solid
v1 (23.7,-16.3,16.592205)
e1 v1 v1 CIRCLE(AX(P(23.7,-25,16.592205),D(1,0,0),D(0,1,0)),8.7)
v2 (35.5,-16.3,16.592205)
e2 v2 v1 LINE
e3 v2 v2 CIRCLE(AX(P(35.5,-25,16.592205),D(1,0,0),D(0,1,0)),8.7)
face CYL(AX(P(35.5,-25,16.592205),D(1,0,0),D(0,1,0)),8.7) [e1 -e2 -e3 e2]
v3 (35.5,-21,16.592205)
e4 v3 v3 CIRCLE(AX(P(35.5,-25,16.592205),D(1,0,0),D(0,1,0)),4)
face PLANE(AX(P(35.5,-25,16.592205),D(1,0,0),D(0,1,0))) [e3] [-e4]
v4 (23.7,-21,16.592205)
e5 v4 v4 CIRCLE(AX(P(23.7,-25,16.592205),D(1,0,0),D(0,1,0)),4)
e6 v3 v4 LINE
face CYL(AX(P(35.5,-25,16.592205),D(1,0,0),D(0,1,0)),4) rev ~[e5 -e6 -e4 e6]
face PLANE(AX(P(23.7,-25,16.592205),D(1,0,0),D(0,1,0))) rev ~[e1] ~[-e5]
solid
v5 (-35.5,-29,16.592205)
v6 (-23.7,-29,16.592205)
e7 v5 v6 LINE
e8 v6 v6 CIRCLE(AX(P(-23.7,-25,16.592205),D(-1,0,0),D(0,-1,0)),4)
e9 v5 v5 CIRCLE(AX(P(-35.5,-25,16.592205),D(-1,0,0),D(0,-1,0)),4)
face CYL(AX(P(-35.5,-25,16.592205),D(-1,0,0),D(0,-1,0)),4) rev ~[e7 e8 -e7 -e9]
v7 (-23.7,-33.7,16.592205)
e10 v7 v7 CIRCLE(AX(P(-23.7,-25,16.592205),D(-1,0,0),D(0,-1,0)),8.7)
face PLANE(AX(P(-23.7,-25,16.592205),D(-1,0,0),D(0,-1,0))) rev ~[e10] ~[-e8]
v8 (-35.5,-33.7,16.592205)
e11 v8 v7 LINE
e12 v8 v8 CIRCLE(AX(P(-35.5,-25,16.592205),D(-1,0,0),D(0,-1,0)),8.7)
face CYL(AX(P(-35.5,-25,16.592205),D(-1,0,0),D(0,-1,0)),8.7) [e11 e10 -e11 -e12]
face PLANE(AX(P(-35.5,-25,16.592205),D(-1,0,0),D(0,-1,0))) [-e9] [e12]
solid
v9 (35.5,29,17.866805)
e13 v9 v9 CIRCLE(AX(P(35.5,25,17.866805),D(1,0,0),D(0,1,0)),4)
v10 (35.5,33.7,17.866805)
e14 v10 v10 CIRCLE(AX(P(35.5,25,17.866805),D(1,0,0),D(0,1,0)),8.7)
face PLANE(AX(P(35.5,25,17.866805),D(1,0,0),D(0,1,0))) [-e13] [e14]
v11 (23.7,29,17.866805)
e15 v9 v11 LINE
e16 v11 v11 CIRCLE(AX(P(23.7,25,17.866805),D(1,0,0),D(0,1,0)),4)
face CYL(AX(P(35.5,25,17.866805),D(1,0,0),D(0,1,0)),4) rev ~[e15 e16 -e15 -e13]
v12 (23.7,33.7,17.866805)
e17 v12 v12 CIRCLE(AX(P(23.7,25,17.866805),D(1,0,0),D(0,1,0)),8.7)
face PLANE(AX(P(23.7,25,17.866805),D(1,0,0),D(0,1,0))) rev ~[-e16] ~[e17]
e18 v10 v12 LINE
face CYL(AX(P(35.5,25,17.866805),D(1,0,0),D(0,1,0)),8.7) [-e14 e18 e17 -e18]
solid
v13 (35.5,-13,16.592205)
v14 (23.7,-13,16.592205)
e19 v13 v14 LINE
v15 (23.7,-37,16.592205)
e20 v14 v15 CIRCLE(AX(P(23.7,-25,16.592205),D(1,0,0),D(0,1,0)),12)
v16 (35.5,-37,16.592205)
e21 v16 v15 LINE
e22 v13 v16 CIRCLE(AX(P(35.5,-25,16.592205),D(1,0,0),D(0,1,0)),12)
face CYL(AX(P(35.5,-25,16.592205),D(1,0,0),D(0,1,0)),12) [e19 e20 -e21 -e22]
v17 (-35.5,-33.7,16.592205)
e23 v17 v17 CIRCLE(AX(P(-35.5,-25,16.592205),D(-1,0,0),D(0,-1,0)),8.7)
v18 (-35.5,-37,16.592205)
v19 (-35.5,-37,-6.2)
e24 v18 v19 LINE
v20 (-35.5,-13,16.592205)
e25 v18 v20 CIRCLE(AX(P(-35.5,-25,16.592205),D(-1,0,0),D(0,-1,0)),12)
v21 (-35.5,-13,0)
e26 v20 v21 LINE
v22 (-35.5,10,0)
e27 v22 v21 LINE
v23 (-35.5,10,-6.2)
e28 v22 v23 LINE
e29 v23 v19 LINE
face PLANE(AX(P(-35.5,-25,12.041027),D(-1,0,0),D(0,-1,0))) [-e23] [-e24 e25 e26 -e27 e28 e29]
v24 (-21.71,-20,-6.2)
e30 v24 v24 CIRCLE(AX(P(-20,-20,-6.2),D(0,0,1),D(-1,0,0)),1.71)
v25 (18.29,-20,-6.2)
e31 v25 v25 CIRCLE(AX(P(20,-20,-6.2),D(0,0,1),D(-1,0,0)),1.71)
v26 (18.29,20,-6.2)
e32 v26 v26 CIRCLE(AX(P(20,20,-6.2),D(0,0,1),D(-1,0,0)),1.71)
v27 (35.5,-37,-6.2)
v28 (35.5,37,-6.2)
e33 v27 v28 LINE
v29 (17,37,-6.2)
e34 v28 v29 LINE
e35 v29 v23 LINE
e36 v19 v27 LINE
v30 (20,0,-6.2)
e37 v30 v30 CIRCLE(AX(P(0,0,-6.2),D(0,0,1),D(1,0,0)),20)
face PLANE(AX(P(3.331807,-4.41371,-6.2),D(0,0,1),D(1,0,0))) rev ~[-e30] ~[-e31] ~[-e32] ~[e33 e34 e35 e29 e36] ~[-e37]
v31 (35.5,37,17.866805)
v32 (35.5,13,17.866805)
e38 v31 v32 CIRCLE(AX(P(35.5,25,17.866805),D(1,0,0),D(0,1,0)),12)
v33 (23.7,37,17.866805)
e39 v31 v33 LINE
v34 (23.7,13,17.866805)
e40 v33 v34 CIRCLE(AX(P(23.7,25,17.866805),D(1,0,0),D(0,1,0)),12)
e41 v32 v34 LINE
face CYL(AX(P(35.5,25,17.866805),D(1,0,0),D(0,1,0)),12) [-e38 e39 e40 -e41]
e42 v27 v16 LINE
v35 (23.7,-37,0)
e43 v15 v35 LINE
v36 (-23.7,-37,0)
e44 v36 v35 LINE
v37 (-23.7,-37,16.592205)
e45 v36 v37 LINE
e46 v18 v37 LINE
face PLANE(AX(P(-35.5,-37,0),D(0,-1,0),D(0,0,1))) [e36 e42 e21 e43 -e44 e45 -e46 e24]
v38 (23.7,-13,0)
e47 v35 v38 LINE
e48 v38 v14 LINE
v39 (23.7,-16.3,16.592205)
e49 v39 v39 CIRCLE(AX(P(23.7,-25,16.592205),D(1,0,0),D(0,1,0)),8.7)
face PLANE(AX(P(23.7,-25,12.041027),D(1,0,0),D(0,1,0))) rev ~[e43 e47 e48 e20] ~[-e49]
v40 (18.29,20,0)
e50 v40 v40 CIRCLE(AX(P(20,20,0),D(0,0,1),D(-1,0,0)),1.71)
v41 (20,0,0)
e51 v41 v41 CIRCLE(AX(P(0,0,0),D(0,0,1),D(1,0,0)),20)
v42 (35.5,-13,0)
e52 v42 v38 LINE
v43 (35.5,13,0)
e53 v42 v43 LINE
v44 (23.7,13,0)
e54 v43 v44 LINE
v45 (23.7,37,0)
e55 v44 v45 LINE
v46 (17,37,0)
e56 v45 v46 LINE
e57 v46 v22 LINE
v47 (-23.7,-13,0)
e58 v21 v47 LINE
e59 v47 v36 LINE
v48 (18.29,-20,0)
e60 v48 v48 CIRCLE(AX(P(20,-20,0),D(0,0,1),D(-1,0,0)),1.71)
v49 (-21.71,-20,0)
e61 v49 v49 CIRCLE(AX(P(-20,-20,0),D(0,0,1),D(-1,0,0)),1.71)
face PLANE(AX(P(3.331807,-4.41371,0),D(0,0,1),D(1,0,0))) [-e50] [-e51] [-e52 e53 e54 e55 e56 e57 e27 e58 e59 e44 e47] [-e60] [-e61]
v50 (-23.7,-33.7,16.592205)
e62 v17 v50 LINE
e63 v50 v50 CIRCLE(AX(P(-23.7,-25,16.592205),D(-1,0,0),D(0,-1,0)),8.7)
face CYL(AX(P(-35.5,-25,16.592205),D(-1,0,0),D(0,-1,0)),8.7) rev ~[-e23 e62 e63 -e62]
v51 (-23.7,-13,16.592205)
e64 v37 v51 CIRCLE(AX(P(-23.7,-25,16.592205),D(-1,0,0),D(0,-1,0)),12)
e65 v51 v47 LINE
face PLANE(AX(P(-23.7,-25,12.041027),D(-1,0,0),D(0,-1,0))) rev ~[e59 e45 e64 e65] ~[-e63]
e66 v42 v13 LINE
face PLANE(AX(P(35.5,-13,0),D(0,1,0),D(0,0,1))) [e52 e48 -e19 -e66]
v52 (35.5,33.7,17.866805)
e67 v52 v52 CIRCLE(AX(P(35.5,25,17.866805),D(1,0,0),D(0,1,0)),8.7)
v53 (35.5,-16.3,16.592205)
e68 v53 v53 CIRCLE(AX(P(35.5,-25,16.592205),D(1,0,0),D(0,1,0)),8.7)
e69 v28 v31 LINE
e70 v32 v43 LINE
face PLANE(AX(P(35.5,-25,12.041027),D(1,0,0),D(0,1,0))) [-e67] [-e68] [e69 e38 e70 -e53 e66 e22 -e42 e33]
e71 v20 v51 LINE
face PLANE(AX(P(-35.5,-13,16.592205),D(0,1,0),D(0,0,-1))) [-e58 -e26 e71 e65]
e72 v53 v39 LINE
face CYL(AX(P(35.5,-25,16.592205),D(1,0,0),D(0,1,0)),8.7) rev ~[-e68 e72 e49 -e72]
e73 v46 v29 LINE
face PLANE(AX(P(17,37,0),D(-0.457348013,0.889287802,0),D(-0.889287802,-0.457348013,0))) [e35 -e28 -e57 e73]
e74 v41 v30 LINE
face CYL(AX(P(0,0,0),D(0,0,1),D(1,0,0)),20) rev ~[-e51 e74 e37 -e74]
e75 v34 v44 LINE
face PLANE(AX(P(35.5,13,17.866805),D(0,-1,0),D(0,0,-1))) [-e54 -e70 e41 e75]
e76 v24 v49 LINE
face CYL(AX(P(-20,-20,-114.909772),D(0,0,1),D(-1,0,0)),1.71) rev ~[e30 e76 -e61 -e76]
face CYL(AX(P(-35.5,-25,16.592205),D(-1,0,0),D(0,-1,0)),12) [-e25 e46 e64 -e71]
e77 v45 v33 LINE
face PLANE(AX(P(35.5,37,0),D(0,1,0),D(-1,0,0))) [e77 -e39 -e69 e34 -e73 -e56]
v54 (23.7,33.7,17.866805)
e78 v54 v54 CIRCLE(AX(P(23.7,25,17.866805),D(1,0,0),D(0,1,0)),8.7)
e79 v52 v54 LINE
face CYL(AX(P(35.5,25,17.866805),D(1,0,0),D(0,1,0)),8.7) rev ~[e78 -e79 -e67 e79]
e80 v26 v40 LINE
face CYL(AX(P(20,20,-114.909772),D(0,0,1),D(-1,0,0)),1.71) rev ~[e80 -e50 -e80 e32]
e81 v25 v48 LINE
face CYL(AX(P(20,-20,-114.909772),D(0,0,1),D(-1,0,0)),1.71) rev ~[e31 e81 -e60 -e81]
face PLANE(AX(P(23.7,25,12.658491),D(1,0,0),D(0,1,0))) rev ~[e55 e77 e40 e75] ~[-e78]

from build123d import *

# Parameters (mm, degrees)
F0_R     = 20
F1_DEPTH = 6.2
F2_R     = 8.7
F3_DEPTH = 11.8
F2_R_2   = 4
F4_DEPTH = 11.8
F5_R     = 8.7
F6_DEPTH = 11.8
F5_R_2   = 4
F7_DEPTH = 11.8
F9_D     = 3.42


with BuildPart() as f1:
    # F0 (on Top) → F1 (new body)
    with BuildSketch(Plane.XY):
        Polygon((35.5, 37), (17, 37), (-35.5, 10), (-35.5, -37), (35.5, -37), align=None)
        Circle(F0_R, mode=Mode.SUBTRACT)
    extrude(amount=-F1_DEPTH)

    # F2 (on face) → F3 (join)
    with BuildSketch(Plane.YZ.offset(35.5)):
        with BuildLine():
            Line((-37, 16.592205), (-37, 0))
            Line((-37, 0), (-13, 0))
            Line((-13, 0), (-13, 16.592205))
            ThreePointArc((-13, 16.592205), (-25, 28.592205), (-37, 16.592205))
        make_face()
        with Locations((-25, 16.592205)):
            Circle(F2_R, mode=Mode.SUBTRACT)
        with BuildLine():
            Line((13, 17.866805), (13, 0))
            Line((13, 0), (37, 0))
            Line((37, 0), (37, 17.866805))
            ThreePointArc((37, 17.866805), (25, 29.866805), (13, 17.866805))
        make_face()
        with Locations((25, 17.866805)):
            Circle(F2_R, mode=Mode.SUBTRACT)
    extrude(amount=-F3_DEPTH)

    # F5 (on face) → F6 (join)
    with BuildSketch(Plane(origin=(-35.5, 0, 0), x_dir=(0, -1, 0), z_dir=(-1, 0, 0))):
        with BuildLine():
            ThreePointArc((37, 16.592205), (25, 28.592205), (13, 16.592205))
            Line((13, 16.592205), (13, 0))
            Line((13, 0), (37, 0))
            Line((37, 0), (37, 16.592205))
        make_face()
        with Locations((25, 16.592205)):
            Circle(F5_R, mode=Mode.SUBTRACT)
    extrude(amount=-F6_DEPTH)

    # F9 (through all)
    with Locations(Plane(origin=(0, 0, -6.2), x_dir=(1, 0, 0), z_dir=(0, 0, -1))):
        with Locations((-20, 20), (20, 20), (20, -20)):
            Hole(F9_D / 2)


with BuildPart() as f4:
    # F2 (on face) → F4 (new body, through all)
    with BuildSketch(Plane.YZ.offset(35.5)):
        with Locations((-25, 16.592205)):
            Circle(F2_R)
        with Locations((-25, 16.592205)):
            Circle(F2_R_2, mode=Mode.SUBTRACT)
        with Locations((25, 17.866805)):
            Circle(F2_R)
        with Locations((25, 17.866805)):
            Circle(F2_R_2, mode=Mode.SUBTRACT)
    extrude(amount=-F4_DEPTH)


with BuildPart() as f7:
    # F5 (on face) → F7 (new body, through all)
    with BuildSketch(Plane(origin=(-35.5, 0, 0), x_dir=(0, -1, 0), z_dir=(-1, 0, 0))):
        with Locations((25, 16.592205)):
            Circle(F5_R)
        with Locations((25, 16.592205)):
            Circle(F5_R_2, mode=Mode.SUBTRACT)
    extrude(amount=-F7_DEPTH)


solid = Compound([f1.part, f4.part, f7.part])
